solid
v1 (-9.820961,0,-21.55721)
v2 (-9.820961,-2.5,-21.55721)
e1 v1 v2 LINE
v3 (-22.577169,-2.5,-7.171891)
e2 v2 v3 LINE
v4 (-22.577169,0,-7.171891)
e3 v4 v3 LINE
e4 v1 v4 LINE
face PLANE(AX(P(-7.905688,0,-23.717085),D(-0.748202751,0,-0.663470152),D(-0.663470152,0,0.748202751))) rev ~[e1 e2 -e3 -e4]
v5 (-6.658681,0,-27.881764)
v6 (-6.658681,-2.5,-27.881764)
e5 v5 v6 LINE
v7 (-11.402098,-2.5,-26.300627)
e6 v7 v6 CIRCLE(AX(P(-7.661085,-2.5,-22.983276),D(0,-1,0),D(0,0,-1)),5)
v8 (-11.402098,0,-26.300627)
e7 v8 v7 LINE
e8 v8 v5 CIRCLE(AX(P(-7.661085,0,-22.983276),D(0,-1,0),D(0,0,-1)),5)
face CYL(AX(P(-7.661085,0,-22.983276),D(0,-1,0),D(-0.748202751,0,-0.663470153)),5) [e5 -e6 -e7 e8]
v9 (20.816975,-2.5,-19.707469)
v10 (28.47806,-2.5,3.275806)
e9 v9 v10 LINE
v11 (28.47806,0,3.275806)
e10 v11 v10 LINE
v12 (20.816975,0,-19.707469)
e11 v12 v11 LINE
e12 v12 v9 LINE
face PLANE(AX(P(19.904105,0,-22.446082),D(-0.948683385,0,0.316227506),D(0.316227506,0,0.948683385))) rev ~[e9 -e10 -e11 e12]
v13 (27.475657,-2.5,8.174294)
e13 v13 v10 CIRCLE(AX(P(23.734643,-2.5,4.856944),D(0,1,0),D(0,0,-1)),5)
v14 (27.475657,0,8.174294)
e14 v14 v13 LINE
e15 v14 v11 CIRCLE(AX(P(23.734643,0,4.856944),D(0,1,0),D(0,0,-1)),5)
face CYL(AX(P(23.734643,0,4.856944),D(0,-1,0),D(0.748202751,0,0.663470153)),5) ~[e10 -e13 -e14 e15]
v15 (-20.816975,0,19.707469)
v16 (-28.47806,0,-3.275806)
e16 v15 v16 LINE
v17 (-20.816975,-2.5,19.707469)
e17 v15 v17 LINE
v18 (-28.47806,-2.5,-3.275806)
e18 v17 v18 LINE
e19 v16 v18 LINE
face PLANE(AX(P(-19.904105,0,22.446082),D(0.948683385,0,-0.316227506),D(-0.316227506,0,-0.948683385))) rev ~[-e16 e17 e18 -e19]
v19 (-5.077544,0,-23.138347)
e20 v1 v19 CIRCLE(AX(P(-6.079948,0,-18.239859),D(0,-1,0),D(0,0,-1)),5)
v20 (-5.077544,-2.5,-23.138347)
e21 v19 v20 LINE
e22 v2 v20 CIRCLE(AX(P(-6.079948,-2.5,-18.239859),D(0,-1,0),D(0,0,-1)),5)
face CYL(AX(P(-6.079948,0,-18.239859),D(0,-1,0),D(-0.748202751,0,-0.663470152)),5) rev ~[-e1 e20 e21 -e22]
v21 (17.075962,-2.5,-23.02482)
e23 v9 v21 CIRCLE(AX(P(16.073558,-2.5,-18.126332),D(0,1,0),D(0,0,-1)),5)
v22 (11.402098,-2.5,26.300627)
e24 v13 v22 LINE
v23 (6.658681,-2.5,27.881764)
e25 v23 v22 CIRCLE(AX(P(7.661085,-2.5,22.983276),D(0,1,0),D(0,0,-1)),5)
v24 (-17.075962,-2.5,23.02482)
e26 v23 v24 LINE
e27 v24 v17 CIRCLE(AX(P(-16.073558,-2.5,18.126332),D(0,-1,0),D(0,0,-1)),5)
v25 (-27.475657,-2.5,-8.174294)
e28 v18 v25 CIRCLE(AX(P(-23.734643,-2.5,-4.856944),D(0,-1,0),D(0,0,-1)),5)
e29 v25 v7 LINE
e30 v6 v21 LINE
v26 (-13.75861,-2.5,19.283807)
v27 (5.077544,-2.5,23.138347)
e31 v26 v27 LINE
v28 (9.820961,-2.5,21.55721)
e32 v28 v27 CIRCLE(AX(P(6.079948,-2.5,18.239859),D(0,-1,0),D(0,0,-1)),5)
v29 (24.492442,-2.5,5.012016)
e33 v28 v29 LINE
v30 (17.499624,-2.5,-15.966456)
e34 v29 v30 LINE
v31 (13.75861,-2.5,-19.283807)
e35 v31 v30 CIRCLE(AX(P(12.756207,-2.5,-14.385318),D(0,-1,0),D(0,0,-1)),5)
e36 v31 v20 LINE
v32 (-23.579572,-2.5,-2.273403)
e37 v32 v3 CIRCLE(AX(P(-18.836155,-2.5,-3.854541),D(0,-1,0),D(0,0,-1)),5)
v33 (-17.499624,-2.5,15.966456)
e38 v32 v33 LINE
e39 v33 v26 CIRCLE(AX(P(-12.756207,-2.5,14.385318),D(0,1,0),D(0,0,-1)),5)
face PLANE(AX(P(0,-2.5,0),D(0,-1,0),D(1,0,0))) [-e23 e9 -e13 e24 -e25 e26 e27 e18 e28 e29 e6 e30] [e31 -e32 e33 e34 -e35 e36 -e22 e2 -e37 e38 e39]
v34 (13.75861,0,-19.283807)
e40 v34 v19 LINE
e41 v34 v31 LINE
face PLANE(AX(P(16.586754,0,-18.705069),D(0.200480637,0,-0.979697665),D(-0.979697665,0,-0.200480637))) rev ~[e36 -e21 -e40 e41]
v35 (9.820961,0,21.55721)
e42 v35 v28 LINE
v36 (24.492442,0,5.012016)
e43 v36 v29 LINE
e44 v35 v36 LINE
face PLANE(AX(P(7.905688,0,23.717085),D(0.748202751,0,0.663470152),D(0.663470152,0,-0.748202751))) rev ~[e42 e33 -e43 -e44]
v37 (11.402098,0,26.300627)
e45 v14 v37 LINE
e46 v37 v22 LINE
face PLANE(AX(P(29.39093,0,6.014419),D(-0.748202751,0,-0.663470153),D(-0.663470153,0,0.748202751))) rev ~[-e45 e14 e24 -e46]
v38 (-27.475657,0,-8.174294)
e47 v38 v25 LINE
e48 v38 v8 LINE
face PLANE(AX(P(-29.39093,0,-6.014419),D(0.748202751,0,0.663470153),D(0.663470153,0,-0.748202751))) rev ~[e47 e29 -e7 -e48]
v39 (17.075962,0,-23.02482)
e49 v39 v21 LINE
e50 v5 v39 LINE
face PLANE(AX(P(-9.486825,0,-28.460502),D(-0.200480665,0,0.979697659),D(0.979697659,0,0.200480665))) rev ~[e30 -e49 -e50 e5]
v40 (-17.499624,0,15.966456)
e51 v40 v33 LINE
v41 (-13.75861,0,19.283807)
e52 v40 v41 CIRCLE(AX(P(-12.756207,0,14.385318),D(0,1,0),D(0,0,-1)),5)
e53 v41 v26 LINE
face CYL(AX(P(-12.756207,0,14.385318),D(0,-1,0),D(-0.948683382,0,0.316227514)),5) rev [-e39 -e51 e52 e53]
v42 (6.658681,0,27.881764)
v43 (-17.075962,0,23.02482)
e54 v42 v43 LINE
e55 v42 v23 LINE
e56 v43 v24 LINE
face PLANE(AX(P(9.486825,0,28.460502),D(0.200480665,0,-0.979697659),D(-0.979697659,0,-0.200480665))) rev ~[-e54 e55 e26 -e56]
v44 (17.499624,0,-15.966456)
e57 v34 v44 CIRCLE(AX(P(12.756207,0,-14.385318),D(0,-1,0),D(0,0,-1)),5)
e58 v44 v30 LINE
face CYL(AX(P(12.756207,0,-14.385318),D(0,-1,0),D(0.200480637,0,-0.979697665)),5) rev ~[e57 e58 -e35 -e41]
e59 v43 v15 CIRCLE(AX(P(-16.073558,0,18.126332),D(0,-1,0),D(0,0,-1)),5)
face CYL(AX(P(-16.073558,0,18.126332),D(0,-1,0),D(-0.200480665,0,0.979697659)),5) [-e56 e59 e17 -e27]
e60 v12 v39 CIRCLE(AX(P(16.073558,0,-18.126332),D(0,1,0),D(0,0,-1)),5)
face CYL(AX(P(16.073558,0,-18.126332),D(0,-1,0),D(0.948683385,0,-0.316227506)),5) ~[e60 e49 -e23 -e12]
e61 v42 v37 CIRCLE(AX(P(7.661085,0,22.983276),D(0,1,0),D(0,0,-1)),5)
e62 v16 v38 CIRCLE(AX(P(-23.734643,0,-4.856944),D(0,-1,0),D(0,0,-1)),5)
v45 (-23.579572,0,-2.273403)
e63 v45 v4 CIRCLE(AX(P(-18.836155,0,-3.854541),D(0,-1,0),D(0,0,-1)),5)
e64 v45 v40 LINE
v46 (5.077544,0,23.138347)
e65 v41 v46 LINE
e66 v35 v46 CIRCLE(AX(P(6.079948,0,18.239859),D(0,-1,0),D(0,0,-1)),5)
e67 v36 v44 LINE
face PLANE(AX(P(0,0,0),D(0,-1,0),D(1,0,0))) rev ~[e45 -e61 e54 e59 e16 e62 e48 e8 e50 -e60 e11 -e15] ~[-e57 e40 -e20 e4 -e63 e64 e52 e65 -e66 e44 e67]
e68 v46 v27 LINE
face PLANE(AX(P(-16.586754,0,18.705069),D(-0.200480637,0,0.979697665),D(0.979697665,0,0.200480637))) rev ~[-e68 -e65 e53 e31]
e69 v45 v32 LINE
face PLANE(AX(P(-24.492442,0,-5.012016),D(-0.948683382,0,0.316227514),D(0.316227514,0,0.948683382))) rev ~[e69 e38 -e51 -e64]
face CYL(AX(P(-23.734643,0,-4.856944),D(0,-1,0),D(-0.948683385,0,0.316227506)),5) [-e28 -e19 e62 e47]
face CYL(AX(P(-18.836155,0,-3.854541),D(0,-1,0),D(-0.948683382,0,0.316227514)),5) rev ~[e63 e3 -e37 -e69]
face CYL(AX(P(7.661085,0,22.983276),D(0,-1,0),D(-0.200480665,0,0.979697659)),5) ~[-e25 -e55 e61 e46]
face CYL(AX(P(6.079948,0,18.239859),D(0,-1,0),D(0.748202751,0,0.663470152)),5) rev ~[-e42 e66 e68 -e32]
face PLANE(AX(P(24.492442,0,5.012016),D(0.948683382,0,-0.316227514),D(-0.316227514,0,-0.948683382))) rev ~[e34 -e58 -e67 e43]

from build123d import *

# Parameters (mm, degrees)
F1_DEPTH = 2.5
F2_R     = 5
F3_R     = 5


with BuildPart() as f1:
    # F0 (on Front) → F1 (new body)
    with BuildSketch(Plane.XZ):
        Polygon((9.486825, 28.460502), (-19.904105, 22.446082), (-29.39093, -6.014419), (-9.486825, -28.460502), (19.904105, -22.446082), (29.39093, 6.014419), align=None)
        Polygon((-16.586754, 18.705069), (7.905688, 23.717085), (24.492442, 5.012016), (16.586754, -18.705069), (-7.905688, -23.717085), (-24.492442, -5.012016), align=None, mode=Mode.SUBTRACT)
    extrude(amount=F1_DEPTH)

    # F2
    f2_edges = [f1.edges().sort_by_distance(p)[0] for p in [
        (-19.904105, -1.25, 22.446082),
        (9.486825, -1.25, 28.460502),
        (29.39093, -1.25, 6.014419),
        (19.904105, -1.25, -22.446082),
        (-9.486825, -1.25, -28.460502),
        (-29.39093, -1.25, -6.014419),
    ]]
    fillet(f2_edges, radius=F2_R)

    # F3
    f3_edges = [f1.edges().sort_by_distance(p)[0] for p in [
        (-24.492442, -1.25, -5.012016),
        (-7.905688, -1.25, -23.717085),
        (16.586754, -1.25, -18.705069),
        (7.905688, -1.25, 23.717085),
        (-16.586754, -1.25, 18.705069),
    ]]
    fillet(f3_edges, radius=F3_R)


solid = f1.part
